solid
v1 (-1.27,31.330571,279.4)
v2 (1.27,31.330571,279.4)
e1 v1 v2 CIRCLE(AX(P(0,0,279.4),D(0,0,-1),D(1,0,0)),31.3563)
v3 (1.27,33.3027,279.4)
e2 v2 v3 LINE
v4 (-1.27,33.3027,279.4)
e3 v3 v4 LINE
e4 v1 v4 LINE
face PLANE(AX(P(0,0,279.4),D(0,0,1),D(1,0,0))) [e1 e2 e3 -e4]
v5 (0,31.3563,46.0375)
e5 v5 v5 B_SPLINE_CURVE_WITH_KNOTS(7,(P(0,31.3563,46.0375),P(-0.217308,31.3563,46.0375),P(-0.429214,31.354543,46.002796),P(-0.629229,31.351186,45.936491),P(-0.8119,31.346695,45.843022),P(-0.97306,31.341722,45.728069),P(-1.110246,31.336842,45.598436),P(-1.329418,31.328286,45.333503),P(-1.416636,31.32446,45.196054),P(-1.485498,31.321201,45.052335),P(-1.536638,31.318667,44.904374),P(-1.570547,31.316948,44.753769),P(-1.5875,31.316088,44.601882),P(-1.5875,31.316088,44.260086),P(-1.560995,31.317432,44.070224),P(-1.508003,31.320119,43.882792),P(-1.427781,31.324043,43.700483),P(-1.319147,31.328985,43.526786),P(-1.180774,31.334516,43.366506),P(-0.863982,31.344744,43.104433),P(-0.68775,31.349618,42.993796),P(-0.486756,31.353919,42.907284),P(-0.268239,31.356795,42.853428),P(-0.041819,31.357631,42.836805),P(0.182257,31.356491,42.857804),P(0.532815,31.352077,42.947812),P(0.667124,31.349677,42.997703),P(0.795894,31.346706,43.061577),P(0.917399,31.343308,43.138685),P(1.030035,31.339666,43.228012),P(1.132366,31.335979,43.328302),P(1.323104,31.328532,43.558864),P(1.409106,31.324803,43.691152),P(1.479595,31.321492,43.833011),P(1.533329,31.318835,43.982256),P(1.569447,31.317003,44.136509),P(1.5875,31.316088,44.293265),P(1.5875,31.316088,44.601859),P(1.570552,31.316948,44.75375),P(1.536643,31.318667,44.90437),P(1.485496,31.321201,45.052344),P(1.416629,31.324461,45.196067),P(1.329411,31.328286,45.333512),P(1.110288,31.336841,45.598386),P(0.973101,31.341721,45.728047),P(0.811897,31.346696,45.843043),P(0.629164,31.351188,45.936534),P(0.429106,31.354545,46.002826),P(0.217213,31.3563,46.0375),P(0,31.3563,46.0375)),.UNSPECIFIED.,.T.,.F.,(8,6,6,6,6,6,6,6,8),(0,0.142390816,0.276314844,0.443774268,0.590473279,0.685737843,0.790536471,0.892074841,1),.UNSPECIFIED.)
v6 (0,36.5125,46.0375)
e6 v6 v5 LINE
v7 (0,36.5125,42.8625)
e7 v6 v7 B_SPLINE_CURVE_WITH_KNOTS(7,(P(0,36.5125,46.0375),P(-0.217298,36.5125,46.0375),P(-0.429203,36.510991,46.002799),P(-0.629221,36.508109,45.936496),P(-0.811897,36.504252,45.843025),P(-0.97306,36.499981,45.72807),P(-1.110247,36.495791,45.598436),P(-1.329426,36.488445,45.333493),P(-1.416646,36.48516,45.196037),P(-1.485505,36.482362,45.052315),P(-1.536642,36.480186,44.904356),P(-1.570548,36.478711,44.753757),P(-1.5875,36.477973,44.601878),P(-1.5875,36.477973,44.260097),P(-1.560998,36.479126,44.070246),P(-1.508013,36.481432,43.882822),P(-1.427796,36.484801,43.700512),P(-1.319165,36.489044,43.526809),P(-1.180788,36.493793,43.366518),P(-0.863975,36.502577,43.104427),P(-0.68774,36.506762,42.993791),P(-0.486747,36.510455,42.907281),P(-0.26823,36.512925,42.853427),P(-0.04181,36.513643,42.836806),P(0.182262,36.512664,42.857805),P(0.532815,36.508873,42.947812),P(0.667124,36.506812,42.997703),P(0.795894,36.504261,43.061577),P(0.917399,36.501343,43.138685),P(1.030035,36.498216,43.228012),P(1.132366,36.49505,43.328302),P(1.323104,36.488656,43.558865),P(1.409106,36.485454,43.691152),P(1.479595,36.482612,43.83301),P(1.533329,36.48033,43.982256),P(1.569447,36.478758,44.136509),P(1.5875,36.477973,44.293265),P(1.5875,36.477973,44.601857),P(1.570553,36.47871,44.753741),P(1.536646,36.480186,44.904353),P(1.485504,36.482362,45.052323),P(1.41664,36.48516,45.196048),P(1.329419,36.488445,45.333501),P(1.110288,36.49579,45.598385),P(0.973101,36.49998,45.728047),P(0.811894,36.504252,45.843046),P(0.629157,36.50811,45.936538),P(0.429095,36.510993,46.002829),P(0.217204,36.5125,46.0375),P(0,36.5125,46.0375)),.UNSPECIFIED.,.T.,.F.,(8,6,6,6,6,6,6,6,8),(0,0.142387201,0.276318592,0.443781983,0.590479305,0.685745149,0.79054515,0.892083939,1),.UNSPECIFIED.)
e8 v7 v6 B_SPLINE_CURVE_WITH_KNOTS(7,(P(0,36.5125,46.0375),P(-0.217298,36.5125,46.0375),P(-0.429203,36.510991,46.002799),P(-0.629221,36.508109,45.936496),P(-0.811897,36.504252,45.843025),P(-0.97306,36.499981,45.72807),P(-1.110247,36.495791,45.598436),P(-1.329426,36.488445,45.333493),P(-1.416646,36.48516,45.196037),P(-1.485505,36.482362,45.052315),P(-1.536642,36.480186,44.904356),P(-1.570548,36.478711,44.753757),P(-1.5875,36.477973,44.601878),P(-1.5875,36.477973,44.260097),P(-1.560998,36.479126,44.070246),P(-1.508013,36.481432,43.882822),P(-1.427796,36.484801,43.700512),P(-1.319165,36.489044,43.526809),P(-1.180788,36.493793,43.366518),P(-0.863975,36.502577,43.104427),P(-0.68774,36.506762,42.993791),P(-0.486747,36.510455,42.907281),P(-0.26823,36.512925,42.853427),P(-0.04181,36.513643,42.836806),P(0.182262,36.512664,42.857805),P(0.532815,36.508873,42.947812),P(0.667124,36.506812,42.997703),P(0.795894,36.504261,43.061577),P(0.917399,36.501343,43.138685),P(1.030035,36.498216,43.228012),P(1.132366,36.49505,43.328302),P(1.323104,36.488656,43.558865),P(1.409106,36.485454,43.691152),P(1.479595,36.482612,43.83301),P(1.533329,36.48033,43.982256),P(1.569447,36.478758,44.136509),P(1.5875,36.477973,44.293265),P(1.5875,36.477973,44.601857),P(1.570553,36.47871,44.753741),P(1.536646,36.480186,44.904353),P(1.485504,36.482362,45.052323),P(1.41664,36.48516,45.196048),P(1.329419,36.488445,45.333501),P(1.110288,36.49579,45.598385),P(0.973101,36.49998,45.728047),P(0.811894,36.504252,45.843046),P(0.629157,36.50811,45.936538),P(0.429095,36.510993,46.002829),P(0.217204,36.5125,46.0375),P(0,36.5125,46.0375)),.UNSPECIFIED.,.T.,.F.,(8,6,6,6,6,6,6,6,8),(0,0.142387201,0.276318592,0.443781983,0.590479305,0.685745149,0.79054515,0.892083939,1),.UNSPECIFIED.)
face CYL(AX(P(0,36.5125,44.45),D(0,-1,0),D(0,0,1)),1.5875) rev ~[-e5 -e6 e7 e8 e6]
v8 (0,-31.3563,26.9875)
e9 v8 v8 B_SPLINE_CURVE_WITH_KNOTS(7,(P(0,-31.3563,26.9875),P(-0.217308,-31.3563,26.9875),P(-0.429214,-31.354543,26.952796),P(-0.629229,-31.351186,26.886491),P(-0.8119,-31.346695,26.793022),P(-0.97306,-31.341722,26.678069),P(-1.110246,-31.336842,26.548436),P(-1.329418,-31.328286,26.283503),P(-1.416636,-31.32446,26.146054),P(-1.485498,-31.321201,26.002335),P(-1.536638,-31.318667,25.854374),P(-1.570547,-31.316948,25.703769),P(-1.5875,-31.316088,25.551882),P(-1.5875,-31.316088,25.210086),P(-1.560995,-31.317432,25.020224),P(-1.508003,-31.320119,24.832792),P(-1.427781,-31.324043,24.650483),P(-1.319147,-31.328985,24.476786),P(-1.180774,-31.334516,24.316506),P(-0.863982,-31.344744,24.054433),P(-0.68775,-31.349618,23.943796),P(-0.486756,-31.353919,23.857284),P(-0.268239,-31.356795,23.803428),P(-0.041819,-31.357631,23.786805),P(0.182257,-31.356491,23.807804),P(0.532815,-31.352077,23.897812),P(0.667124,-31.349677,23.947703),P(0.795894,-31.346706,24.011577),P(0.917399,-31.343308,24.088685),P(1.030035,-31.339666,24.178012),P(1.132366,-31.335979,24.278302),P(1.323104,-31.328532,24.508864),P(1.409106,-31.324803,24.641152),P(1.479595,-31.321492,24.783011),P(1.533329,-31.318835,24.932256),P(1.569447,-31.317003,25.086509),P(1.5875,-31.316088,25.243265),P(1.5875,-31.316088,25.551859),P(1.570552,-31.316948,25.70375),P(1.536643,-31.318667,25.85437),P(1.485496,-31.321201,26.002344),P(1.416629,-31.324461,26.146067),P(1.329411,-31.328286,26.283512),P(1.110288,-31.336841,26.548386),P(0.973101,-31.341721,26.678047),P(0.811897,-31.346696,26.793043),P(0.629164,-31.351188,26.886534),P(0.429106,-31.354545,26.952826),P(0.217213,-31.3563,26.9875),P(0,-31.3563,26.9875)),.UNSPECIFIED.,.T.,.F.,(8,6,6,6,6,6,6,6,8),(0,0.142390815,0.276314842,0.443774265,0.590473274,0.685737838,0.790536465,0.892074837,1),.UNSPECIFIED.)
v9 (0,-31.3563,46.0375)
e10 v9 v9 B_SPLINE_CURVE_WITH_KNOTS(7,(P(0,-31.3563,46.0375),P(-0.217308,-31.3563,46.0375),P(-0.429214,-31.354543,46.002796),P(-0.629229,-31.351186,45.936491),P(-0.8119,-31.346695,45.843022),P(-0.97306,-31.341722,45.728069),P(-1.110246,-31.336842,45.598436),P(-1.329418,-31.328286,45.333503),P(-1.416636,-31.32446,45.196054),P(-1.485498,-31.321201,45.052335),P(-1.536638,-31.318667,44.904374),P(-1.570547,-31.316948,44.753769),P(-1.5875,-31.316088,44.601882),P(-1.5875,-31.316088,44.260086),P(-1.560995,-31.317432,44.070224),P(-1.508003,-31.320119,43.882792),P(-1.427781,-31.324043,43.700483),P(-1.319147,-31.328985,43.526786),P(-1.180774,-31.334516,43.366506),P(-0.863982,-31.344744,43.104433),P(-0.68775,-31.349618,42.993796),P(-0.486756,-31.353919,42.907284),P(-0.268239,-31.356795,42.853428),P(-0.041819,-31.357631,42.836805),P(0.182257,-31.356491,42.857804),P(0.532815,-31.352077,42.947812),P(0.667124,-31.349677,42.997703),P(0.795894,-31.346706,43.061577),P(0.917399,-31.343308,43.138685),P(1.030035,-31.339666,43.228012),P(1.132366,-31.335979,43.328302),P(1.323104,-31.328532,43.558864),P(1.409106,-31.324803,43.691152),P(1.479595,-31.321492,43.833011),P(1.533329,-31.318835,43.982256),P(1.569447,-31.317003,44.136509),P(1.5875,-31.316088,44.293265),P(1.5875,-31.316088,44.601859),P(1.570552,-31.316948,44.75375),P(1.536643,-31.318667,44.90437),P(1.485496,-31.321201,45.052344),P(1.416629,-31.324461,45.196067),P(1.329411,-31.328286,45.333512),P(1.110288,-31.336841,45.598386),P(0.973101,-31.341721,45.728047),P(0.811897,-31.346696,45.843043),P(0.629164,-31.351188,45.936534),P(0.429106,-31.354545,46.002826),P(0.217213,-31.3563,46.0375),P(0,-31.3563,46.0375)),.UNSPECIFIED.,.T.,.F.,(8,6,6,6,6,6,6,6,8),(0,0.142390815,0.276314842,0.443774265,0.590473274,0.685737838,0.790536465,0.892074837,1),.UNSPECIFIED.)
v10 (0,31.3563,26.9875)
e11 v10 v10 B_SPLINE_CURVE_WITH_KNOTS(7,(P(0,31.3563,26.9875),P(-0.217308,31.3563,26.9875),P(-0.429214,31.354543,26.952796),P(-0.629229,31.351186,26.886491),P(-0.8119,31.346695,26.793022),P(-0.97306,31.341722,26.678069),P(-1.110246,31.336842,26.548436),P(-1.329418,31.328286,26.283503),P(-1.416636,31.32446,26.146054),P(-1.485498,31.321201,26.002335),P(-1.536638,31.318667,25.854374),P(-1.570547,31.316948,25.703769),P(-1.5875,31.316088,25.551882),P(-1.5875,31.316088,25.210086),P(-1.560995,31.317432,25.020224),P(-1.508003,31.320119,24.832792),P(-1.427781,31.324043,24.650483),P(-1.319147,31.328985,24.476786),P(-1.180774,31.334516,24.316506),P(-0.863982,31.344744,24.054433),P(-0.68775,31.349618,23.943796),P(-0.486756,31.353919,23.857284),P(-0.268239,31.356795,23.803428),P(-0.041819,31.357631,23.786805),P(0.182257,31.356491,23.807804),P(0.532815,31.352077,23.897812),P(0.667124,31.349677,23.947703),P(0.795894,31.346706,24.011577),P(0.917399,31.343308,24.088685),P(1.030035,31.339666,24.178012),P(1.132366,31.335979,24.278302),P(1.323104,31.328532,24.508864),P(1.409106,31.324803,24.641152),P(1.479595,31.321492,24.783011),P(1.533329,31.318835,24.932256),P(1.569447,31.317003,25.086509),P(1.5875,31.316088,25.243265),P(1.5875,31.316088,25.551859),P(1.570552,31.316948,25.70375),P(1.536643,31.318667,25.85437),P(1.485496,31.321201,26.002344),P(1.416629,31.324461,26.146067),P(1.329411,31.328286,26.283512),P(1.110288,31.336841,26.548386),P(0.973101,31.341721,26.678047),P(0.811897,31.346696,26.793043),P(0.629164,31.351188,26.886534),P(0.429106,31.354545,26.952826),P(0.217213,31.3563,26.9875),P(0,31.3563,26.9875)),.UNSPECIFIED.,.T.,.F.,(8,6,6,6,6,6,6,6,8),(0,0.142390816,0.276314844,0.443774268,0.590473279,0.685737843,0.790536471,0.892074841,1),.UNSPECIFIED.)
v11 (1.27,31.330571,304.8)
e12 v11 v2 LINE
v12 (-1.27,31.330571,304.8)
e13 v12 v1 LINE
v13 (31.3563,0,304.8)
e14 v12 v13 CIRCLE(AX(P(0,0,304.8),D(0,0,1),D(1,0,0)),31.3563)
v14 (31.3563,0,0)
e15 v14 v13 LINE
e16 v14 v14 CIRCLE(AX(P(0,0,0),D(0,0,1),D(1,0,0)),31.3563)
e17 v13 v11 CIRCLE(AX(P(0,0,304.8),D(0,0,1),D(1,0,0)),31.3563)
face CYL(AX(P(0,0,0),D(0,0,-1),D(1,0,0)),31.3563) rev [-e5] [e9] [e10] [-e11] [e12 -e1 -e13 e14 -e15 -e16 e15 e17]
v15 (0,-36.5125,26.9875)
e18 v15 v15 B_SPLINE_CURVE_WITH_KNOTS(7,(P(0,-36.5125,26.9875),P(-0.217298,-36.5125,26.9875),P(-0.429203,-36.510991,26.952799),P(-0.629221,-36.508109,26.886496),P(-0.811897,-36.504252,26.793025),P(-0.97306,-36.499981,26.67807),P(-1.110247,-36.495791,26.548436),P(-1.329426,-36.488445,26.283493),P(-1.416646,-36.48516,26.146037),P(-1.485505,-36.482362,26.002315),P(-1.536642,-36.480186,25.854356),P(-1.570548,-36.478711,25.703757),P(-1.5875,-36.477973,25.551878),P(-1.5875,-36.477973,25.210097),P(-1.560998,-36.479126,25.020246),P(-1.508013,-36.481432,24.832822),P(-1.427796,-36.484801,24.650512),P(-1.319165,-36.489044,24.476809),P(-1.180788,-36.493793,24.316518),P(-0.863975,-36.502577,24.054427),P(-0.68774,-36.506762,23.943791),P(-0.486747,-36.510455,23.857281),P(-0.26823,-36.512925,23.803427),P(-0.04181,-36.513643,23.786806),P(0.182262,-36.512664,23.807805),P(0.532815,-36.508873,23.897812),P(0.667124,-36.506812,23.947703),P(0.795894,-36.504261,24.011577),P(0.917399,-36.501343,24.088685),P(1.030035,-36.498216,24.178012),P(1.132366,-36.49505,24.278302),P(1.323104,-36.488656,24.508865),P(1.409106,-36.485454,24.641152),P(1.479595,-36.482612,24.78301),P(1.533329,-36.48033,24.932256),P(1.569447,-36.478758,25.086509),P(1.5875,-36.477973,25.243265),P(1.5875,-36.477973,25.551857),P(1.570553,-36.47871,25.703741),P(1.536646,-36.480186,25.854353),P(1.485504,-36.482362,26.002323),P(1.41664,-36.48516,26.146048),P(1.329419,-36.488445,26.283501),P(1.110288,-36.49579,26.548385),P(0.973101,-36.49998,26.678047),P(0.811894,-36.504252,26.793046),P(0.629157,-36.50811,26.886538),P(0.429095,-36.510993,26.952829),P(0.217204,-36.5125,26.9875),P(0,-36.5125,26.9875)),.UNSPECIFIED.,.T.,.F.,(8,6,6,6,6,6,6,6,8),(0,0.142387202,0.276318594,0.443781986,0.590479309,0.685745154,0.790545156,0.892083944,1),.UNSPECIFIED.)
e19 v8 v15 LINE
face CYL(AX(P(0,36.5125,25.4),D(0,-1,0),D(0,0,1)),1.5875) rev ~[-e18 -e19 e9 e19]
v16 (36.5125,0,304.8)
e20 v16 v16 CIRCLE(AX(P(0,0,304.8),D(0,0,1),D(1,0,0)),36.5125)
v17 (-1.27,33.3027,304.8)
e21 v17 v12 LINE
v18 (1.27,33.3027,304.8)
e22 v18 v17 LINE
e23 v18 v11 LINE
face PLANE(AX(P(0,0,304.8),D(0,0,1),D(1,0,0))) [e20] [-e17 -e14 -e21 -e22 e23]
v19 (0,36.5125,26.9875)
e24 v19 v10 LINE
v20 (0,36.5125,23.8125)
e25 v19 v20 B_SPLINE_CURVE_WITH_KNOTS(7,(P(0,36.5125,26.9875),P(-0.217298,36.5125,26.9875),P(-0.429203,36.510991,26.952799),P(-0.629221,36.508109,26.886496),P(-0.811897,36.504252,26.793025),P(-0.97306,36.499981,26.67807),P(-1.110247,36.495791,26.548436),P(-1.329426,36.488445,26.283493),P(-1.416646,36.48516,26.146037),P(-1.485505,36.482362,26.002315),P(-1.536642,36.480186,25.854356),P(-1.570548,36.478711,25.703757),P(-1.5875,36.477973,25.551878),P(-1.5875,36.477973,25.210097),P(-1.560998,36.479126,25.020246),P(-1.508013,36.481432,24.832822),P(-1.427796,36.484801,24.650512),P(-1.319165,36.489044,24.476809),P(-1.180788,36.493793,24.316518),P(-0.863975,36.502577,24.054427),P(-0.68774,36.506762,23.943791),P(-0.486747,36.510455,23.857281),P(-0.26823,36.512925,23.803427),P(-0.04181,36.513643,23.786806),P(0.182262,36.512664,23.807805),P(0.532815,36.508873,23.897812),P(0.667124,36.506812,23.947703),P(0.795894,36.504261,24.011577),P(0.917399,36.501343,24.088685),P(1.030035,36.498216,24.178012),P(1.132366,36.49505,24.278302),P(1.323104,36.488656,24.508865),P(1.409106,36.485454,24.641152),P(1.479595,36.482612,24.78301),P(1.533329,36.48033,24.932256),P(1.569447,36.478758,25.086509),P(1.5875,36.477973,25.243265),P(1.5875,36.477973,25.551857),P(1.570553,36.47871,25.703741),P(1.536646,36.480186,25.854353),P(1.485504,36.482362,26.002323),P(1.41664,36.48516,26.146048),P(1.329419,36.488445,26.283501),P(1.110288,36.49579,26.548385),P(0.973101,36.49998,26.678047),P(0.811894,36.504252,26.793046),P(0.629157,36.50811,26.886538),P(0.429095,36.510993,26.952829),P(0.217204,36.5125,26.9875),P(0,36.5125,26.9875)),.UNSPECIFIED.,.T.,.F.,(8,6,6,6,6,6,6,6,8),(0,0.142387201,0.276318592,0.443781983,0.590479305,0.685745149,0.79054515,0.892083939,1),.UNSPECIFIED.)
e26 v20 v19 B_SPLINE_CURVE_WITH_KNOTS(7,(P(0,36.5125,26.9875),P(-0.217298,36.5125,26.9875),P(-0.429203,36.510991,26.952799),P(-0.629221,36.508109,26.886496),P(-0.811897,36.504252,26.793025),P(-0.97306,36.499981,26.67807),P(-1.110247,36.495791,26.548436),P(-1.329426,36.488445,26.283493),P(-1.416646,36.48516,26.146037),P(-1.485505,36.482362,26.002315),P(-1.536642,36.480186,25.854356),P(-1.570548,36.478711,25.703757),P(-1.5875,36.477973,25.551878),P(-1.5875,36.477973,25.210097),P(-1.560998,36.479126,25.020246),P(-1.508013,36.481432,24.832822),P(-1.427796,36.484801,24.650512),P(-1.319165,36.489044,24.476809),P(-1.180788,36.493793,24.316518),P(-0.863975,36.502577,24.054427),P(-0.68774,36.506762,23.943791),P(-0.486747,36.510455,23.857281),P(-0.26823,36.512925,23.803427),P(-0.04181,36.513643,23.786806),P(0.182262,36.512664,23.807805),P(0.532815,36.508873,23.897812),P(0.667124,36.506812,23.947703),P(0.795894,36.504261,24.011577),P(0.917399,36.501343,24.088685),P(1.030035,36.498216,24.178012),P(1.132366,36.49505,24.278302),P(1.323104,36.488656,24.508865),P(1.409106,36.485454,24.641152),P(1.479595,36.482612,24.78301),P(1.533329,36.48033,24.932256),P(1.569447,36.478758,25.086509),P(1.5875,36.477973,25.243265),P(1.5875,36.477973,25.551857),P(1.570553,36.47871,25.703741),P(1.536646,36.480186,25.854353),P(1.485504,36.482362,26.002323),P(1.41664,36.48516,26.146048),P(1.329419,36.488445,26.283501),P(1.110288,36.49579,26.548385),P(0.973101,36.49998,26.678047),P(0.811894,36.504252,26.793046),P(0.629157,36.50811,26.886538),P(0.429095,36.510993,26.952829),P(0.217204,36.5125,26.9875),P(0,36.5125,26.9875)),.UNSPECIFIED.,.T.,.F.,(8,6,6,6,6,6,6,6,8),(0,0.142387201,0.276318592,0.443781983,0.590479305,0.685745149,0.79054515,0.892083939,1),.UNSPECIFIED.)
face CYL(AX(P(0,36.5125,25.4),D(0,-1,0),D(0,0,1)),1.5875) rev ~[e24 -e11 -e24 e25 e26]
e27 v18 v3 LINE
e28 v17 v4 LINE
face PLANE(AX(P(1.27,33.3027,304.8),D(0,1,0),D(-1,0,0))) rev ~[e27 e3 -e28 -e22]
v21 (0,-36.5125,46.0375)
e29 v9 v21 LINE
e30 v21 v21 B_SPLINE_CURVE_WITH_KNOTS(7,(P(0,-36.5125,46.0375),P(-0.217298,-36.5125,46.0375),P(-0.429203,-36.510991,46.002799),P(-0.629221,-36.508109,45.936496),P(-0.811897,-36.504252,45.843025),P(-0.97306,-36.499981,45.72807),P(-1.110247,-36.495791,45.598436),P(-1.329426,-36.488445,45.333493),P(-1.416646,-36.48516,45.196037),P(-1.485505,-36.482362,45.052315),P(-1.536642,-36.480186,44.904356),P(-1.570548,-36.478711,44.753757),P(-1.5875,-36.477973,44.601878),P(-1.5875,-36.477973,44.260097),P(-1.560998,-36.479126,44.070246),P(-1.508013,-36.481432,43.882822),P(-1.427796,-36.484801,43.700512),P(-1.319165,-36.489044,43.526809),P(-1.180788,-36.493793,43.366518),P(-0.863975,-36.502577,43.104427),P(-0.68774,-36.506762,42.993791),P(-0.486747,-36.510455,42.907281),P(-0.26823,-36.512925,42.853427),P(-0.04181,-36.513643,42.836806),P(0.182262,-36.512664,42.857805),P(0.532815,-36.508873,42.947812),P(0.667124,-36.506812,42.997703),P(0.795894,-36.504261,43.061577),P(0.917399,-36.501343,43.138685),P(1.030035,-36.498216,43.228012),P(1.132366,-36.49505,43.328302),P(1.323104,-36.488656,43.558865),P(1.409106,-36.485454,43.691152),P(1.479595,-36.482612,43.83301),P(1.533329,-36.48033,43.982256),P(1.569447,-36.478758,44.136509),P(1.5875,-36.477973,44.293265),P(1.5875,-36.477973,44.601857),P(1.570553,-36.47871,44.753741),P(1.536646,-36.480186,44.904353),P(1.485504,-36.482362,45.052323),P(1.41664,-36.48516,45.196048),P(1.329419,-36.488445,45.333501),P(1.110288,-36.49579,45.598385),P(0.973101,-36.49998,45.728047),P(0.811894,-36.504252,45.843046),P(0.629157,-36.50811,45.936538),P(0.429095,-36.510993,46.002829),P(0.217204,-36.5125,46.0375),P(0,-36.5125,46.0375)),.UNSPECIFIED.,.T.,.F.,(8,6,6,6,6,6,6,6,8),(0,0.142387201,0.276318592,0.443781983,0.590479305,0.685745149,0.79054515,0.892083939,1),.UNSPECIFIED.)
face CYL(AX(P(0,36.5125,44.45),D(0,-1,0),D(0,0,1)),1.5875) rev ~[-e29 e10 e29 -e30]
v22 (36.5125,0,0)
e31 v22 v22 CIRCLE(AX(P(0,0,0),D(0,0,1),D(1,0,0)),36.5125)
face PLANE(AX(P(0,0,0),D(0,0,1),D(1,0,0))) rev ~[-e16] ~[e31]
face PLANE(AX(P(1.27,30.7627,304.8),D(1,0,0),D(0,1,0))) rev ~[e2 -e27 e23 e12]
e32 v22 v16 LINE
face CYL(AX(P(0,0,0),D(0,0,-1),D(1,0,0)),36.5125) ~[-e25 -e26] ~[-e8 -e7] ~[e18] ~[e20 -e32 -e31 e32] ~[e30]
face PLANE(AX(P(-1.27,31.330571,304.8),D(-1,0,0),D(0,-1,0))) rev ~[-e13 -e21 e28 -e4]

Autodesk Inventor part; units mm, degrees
ref_plane "YZ Plane" through (0, 0, 0) normal (1, 0, 0) x (0, 1, 0)
sketch "Sketch1" plane through (0, 0, 0) normal (0, 0, 1) x (1, 0, 0)
  circle A0 centre (0, 0) radius 36.5125
  circle A1 centre (0, 0) radius 31.3563
  dimension "d0" = 73.025
  dimension "d2" = 5.1562
extrude "Extrusion1" add sketch "Sketch1" along normal blind 304.8
sketch "Sketch2" plane through (0, 0, 304.8) normal (0, 0, 1) x (1, 0, 0)
  circle A0 centre (0, 0) radius 31.3563 projected
  circle A1 centre (0, 0) radius 36.5125 projected
  point P0 (0, 36.5125)
ref_plane "Work Plane1" through (0, 36.5125, 304.8) normal (0, 1, 0) x (-1, 0, 0)
sketch "Sketch5" plane through (0, 36.5125, 304.8) normal (0, 1, 0) x (-1, 0, 0)
  circle A0 centre (0, -279.4) radius 4.4901
  circle A1 centre (0, -260.35) radius 4.4901
  point P0 (0, -304.8)
  dimension "d25" = 25.4
  dimension "d26" = 19.05
hole "Hole3" at (0, 36.5125, 44.45) at (0, 36.5125, 25.4) direction (0, -1, 0) diameter 3.175 end through all
sketch "Sketch6" plane through (0, 0, 304.8) normal (0, 0, 1) x (1, 0, 0)
  circle A0 centre (0, 0) radius 31.3563 projected
  circle A1 centre (0, 0) radius 36.5125 projected
  point P0 (0, 36.5125)
ref_plane "Work Plane2" through (0, 36.5125, 304.8) normal (0, 1, 0) x (-1, 0, 0)
sketch "Sketch9" plane through (0, 0, 304.8) normal (0, 0, 1) x (1, 0, 0)
  circle A0 centre (0, 0) radius 31.3563 projected
  circle A1 centre (0, 0) radius 36.5125 projected
  line L0 (-1.27, 30.7627) -> (1.27, 30.7627)
  line L1 (1.27, 30.7627) -> (1.27, 33.3027)
  line L2 (1.27, 33.3027) -> (-1.27, 33.3027)
  line L3 (-1.27, 33.3027) -> (-1.27, 30.7627)
  line L4 (0, 33.3027) -> (0, 30.7627) construction
  line L5 (0, 31.3563) -> (0, 36.5125) construction
  dimension "d38" = 2.54
  dimension "d39" = 2.54
extrude "Extrusion3" cut sketch "Sketch9" against normal blind 25.4 contours L1 L0 L3 A0 | A0 L3 L2 L1 picked at (0.1411, 30.9596)
properties part number "2h2slv" material "PVC-Piping"
